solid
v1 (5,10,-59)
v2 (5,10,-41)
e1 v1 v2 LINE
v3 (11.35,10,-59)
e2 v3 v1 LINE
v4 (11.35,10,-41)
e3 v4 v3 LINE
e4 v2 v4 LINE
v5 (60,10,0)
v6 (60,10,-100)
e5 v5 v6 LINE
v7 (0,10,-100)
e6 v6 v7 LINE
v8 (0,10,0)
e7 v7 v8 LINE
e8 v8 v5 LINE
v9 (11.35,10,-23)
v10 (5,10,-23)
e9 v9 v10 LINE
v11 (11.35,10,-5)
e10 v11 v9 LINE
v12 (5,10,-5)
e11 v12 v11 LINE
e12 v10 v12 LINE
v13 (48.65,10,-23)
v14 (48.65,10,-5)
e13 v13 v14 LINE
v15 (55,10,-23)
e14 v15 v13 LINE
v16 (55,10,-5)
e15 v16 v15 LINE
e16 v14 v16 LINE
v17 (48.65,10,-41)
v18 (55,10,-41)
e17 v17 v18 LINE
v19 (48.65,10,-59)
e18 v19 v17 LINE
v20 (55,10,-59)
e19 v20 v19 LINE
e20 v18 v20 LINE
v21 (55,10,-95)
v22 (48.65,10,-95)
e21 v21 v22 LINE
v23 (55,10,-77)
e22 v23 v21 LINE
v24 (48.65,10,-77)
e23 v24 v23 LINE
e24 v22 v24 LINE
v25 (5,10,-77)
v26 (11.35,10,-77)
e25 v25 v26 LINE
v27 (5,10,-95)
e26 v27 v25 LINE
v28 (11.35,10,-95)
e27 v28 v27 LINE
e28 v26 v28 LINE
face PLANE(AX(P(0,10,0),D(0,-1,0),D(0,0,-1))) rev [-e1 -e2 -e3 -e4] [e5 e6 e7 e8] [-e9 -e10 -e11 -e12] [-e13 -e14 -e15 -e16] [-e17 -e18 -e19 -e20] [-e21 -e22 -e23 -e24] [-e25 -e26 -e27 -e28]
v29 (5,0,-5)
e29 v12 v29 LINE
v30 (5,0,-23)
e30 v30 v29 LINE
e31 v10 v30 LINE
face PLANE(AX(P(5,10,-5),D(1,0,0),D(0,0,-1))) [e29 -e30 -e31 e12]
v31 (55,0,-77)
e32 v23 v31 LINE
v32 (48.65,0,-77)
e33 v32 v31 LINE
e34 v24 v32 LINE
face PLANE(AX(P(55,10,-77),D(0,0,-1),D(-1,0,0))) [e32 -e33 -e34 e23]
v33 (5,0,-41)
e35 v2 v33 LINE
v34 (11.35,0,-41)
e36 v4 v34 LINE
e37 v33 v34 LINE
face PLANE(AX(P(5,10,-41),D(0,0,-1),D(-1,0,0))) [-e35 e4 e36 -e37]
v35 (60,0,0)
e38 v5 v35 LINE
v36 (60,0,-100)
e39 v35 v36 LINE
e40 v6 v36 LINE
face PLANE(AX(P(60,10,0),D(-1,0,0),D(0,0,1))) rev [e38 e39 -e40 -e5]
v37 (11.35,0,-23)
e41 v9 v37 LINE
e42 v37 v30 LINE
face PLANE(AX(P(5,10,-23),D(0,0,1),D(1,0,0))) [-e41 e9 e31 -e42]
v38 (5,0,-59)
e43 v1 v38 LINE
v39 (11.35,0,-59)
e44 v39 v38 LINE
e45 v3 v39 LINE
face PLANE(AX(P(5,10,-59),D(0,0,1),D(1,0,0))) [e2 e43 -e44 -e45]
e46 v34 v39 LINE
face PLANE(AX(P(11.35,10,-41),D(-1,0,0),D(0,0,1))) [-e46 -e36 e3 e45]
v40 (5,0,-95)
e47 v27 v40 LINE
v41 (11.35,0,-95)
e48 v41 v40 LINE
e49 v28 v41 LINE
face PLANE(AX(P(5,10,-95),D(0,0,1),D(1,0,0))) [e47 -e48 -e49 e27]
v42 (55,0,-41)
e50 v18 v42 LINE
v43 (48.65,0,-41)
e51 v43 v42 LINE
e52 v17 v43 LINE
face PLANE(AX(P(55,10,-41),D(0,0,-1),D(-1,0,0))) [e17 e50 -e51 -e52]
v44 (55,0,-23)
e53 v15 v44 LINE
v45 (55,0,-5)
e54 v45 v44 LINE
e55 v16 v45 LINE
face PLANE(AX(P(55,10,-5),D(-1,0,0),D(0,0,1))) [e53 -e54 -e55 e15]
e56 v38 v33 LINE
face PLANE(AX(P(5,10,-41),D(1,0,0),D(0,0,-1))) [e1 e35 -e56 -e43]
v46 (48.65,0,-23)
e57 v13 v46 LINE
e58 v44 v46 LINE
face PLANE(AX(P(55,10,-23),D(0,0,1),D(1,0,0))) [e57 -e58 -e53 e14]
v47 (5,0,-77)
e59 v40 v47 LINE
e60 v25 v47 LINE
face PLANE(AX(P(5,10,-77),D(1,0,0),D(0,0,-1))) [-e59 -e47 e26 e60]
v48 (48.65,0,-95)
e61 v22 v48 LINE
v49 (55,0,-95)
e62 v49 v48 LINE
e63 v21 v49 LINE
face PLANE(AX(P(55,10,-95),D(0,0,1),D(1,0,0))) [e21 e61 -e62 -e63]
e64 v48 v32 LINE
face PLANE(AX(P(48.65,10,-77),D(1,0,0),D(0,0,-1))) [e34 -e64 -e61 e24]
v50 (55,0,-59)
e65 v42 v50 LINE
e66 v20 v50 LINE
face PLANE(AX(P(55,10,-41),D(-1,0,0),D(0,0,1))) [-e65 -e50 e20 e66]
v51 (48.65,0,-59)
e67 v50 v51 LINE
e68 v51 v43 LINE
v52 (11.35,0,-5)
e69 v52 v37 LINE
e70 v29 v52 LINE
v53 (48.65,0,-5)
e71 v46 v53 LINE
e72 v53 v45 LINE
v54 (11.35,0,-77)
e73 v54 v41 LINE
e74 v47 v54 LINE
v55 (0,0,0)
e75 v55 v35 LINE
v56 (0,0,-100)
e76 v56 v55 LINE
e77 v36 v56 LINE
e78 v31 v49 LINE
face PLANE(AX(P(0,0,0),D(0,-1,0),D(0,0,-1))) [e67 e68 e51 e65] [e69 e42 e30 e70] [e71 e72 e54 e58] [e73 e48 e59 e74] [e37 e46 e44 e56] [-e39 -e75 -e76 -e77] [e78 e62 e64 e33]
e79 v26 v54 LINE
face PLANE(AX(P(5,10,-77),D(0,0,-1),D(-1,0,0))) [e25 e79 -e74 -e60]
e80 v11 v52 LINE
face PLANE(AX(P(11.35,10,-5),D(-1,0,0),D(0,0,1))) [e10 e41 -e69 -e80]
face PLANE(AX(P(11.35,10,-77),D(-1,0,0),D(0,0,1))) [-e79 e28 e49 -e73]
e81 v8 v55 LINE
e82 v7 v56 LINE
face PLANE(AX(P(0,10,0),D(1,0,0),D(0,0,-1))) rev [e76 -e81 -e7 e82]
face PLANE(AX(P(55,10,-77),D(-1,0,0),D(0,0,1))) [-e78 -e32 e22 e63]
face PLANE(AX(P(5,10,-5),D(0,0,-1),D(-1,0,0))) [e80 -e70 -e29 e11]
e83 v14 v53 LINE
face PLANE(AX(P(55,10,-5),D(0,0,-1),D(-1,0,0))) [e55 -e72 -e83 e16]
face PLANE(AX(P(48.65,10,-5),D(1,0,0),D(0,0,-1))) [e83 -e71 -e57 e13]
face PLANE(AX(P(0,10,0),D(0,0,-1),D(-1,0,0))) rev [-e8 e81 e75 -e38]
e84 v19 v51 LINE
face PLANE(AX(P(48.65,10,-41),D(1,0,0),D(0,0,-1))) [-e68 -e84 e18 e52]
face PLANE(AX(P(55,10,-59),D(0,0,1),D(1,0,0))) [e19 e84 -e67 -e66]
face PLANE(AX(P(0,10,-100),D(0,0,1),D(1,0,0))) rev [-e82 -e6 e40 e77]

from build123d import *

# Parameters (mm, degrees)
SKETCH2_W           = 60
SKETCH2_H           = 100
BOSS_EXTRUDE1_DEPTH = 10
SKETCH1_W           = 6.35
SKETCH1_H           = 18
CUT_EXTRUDE1_DEPTH  = 10


with BuildPart() as part:
    # Sketch2 → Boss-Extrude1 (new body)
    with BuildSketch(Plane(origin=(0, 0, 0), x_dir=(1, 0, 0), z_dir=(0, 1, 0))):
        with Locations((30, 50)):
            Rectangle(SKETCH2_W, SKETCH2_H)
    extrude(amount=BOSS_EXTRUDE1_DEPTH)

    # Sketch1 → Cut-Extrude1 (cut)
    with BuildSketch(Plane(origin=(0, 0, 0), x_dir=(1, 0, 0), z_dir=(0, 1, 0))):
        with Locations((8.175, 14)):
            Rectangle(SKETCH1_W, SKETCH1_H)
        with Locations((8.175, 50)):
            Rectangle(SKETCH1_W, SKETCH1_H)
        with Locations((8.175, 86)):
            Rectangle(SKETCH1_W, SKETCH1_H)
        with Locations((51.825, 86)):
            Rectangle(SKETCH1_W, SKETCH1_H)
        with Locations((51.825, 50)):
            Rectangle(SKETCH1_W, SKETCH1_H)
        with Locations((51.825, 14)):
            Rectangle(SKETCH1_W, SKETCH1_H)
    extrude(amount=CUT_EXTRUDE1_DEPTH, mode=Mode.SUBTRACT)


solid = part.part
